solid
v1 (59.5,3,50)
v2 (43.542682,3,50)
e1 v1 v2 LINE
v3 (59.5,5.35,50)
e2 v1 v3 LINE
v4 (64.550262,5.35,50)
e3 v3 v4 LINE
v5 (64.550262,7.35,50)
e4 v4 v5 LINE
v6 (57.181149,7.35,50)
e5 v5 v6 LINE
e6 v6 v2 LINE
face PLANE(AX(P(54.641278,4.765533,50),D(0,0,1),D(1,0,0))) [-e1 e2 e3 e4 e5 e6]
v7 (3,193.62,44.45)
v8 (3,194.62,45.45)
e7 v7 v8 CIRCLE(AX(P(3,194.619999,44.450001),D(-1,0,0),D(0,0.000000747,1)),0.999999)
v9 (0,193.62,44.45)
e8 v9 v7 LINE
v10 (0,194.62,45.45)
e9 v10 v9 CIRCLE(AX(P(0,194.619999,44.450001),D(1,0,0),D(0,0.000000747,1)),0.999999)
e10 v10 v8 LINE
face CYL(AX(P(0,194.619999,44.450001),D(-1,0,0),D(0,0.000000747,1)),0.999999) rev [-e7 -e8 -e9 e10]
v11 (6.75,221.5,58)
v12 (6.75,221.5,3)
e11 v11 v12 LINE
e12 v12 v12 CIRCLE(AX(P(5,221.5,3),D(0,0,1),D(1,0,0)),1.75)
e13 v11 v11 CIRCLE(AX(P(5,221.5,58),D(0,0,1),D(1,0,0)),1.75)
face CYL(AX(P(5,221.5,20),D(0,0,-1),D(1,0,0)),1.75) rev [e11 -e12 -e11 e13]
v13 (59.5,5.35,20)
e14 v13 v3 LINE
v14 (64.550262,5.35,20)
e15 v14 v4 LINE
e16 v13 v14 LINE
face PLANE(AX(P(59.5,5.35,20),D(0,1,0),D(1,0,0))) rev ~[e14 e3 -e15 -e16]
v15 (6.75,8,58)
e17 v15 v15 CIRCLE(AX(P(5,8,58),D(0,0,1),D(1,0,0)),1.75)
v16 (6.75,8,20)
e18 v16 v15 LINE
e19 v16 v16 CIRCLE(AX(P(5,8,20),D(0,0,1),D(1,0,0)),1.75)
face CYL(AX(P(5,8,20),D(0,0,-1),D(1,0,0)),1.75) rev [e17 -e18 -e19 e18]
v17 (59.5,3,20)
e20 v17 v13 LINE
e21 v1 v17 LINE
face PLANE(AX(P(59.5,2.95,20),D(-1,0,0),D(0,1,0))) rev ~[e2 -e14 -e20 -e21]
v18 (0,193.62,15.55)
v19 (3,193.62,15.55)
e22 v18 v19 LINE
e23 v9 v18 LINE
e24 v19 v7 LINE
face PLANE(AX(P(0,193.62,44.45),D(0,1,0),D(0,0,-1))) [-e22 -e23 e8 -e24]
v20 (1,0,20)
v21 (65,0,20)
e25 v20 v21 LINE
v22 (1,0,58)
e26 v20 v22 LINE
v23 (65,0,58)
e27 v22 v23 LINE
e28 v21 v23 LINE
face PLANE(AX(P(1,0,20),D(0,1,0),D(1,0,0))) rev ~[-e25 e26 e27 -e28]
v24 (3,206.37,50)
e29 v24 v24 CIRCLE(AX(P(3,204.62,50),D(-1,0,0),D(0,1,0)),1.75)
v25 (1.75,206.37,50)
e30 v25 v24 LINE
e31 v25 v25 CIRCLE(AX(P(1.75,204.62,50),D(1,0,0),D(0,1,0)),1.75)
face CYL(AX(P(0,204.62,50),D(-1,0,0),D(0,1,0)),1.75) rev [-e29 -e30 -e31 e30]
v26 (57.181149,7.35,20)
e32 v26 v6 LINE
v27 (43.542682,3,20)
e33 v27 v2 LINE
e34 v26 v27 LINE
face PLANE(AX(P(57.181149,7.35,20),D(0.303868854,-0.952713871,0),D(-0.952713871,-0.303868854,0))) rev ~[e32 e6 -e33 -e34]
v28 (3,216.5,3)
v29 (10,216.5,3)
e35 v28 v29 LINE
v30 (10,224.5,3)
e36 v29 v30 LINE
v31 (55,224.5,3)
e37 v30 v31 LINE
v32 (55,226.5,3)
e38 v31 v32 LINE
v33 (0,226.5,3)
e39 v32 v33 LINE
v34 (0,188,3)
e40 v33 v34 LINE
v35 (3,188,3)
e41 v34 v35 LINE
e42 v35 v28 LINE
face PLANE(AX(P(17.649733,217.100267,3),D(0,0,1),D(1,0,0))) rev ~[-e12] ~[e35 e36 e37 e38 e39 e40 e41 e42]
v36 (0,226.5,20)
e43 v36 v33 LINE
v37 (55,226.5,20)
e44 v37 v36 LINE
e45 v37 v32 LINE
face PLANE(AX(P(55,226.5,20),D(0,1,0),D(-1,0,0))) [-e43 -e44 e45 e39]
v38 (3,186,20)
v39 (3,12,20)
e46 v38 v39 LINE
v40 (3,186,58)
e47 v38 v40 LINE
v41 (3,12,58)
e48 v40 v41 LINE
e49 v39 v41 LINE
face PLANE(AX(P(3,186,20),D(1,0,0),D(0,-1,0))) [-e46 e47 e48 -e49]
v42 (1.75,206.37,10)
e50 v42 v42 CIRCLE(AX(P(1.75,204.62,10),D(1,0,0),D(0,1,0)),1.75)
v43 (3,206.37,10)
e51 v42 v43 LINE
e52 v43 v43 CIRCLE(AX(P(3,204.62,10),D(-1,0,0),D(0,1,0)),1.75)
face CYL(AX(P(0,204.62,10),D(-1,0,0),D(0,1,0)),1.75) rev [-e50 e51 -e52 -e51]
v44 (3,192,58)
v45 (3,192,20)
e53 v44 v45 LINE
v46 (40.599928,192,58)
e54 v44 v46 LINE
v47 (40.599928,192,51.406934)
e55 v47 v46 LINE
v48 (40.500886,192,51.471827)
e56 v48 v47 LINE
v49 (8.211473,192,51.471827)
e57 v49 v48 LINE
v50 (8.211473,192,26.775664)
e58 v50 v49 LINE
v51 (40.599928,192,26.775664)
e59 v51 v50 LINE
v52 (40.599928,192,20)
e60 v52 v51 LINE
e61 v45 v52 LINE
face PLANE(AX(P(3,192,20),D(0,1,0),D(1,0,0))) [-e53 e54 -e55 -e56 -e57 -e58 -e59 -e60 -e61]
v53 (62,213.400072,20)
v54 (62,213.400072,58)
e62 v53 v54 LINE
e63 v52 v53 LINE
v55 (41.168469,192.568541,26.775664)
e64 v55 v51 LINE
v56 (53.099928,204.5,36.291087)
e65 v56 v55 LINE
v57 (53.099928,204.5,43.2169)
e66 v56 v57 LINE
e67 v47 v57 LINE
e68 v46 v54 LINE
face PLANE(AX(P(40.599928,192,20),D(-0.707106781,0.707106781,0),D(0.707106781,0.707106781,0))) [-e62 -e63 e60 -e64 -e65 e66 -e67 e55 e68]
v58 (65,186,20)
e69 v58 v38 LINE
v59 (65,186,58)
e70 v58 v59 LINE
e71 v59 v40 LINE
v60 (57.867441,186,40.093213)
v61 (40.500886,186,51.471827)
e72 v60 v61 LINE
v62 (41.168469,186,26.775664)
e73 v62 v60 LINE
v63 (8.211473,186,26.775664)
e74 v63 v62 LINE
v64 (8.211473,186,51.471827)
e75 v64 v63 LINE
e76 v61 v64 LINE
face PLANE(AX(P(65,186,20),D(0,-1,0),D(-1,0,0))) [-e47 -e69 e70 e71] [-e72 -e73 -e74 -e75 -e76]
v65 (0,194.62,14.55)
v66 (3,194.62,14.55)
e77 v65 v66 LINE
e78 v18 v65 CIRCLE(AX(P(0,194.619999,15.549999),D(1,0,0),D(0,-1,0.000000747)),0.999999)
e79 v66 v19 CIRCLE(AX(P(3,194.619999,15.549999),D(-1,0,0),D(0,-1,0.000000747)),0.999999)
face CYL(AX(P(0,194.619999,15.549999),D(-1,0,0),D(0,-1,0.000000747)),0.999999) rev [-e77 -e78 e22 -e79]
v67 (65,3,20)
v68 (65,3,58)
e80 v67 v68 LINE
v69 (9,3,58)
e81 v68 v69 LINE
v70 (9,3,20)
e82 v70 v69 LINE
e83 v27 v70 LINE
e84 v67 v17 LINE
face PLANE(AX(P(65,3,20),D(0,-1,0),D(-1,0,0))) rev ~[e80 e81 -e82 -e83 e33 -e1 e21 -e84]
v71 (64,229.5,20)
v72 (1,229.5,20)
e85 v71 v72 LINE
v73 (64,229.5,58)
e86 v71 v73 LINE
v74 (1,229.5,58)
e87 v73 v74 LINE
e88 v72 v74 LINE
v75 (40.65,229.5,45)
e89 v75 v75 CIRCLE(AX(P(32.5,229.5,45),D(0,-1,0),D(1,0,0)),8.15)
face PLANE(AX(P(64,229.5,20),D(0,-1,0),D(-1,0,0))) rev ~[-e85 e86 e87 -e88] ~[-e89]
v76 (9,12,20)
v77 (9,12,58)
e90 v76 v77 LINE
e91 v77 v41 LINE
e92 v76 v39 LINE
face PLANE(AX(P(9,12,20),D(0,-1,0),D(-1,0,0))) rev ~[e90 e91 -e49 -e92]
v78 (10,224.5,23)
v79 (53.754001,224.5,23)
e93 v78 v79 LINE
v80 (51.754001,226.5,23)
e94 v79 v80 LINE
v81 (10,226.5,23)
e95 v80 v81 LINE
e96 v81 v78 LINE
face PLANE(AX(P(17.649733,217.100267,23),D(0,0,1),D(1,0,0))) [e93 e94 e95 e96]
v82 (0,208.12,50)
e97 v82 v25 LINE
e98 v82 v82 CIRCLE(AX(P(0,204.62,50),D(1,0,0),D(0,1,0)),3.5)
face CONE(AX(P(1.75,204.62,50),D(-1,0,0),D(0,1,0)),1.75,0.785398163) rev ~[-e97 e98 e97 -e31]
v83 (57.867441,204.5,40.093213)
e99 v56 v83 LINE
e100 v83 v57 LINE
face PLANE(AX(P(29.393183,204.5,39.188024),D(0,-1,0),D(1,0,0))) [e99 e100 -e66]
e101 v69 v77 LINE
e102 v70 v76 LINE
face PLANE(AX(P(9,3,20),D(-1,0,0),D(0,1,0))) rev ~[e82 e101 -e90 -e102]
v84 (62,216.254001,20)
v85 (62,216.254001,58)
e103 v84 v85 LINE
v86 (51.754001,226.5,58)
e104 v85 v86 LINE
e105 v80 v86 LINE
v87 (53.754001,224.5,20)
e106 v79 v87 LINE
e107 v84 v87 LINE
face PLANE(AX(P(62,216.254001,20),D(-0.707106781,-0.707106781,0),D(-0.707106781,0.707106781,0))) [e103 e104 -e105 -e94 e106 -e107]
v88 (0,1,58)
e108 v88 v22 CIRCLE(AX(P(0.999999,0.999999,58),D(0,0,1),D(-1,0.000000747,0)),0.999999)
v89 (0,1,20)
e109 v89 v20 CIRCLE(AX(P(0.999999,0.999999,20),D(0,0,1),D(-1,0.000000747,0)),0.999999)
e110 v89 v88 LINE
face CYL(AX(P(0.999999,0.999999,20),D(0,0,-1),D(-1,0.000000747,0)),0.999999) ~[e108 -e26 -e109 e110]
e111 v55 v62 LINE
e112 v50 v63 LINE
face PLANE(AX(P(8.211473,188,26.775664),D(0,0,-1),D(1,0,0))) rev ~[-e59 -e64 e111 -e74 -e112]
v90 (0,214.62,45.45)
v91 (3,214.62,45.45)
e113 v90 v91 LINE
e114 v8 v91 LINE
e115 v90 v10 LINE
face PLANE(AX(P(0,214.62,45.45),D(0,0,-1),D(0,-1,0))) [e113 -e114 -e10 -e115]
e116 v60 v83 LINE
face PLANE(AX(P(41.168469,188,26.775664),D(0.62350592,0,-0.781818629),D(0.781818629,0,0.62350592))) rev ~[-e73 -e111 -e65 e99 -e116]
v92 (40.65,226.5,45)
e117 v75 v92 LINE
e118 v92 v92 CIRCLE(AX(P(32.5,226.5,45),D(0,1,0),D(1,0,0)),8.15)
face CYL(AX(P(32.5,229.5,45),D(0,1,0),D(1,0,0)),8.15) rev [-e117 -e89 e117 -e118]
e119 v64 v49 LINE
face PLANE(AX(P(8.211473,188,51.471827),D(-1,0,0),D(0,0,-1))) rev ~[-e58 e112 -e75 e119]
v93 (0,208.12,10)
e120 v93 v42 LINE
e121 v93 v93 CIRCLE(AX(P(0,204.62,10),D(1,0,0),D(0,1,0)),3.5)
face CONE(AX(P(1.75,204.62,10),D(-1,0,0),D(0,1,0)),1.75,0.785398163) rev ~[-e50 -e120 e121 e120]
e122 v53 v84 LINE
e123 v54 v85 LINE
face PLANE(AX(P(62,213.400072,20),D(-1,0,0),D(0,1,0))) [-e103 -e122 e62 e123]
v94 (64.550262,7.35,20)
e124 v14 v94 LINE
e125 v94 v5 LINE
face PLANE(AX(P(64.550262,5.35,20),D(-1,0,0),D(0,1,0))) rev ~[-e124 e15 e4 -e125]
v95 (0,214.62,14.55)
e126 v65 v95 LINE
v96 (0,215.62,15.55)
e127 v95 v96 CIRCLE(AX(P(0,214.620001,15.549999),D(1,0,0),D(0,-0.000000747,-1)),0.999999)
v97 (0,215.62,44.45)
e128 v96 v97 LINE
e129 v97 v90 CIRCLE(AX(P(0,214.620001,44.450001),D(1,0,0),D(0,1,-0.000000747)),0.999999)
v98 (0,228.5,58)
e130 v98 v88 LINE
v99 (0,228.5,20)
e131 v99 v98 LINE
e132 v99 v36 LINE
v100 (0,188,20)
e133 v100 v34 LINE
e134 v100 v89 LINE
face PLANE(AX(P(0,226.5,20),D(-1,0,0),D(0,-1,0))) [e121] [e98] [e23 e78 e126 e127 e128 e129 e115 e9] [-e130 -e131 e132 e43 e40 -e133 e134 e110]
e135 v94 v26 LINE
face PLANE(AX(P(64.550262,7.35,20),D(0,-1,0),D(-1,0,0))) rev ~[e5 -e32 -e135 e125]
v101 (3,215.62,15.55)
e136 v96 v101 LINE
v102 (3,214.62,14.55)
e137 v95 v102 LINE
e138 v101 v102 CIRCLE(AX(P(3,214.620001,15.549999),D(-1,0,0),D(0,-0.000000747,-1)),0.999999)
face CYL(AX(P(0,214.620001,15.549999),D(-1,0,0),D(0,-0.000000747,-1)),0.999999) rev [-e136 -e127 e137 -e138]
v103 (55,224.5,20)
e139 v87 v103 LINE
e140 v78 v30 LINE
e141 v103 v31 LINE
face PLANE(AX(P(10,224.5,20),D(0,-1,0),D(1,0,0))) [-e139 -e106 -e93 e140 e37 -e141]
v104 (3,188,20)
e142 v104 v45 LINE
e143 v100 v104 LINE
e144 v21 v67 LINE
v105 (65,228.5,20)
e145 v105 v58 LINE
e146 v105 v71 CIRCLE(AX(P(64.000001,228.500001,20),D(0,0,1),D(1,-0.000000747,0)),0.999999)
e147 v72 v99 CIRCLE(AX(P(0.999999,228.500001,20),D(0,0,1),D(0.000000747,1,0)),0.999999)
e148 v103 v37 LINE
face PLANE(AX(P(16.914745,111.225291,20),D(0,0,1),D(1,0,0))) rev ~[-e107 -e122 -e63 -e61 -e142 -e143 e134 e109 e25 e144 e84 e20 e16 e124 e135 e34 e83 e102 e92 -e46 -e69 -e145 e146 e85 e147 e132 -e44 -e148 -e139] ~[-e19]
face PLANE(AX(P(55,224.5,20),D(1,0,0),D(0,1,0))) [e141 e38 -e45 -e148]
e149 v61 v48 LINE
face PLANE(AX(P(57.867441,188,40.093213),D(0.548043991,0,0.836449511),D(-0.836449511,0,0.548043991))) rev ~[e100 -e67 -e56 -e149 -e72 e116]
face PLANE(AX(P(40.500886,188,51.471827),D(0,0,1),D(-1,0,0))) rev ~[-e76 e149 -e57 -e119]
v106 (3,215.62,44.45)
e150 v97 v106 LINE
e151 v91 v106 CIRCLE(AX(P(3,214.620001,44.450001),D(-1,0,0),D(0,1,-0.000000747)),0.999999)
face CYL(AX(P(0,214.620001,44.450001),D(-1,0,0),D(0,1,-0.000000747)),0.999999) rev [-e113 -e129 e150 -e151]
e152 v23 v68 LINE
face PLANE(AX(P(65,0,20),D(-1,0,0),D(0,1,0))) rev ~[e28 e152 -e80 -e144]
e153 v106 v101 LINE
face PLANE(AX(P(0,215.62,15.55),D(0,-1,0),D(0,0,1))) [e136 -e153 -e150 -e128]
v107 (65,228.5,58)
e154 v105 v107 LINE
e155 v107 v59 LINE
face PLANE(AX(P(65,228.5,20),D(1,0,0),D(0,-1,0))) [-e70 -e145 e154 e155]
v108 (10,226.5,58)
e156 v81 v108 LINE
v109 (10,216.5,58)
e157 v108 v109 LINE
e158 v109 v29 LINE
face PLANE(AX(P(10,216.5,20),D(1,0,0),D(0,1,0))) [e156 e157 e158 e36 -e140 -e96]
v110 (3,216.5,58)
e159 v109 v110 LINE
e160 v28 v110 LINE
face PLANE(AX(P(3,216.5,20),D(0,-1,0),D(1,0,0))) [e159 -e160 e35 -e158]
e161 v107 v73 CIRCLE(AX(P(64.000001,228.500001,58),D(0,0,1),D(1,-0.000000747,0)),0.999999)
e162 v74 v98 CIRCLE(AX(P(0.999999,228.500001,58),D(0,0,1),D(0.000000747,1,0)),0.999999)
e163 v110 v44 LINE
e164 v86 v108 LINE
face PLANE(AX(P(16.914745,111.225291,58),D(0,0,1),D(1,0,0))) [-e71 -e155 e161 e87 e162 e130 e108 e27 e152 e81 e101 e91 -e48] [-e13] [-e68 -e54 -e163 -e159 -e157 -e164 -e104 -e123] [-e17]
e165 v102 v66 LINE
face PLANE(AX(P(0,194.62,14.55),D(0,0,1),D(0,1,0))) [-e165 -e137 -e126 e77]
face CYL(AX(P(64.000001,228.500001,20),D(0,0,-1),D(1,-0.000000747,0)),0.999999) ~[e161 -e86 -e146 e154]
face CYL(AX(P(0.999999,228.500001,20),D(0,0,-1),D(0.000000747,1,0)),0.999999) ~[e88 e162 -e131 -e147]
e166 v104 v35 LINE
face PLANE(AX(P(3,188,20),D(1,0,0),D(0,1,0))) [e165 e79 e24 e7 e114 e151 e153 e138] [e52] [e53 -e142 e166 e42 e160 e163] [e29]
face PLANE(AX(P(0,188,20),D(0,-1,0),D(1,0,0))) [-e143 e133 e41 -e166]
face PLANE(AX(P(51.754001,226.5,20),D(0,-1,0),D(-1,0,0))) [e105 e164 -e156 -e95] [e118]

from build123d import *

# Parameters (mm, degrees)
SKETCH068_R     = 1.75
PAD032_DEPTH    = 38
SKETCH069_R     = 1.75
PAD033_DEPTH    = 17
PAD034_DEPTH    = 3
SKETCH070_R     = 1.75
POCKET031_DEPTH = 5
SKETCH072_R     = 8.15
POCKET033_DEPTH = 5
POCKET034_DEPTH = 16.5
CHAMFER007_SIZE = 1.75
PAD050_DEPTH    = 30


with BuildPart() as part:
    # Sketch068 (on DatumPlane) → Pad032 (new body)
    with BuildSketch(Plane.XY.offset(20)):
        with BuildLine():
            Line((1, 0), (65, 0))
            Line((65, 0), (65, 3))
            Line((65, 3), (9, 3))
            Line((9, 3), (9, 12))
            Line((9, 12), (3, 12))
            Line((3, 186), (3, 12))
            Line((65, 186), (3, 186))
            Line((65, 228.5), (65, 186))
            ThreePointArc((65, 228.5), (64.707107, 229.207107), (64, 229.5))
            Line((64, 229.5), (1, 229.5))
            ThreePointArc((1, 229.5), (0.292893, 229.207107), (0, 228.5))
            Line((0, 228.5), (0, 1))
            ThreePointArc((0, 1), (0.292893, 0.292893), (1, 0))
        make_face()
        with Locations((5, 8)):
            Circle(SKETCH068_R, mode=Mode.SUBTRACT)
        with Locations((5, 221.5)):
            Circle(SKETCH068_R, mode=Mode.SUBTRACT)
        Polygon((3, 192), (40.599928, 192), (62, 213.400072), (62, 216.254001), (51.754001, 226.5), (10, 226.5), (10, 216.5), (3, 216.5), align=None, mode=Mode.SUBTRACT)
    extrude(amount=PAD032_DEPTH)

    # Sketch069 (on DatumPlane) → Pad033 (join)
    with BuildSketch(Plane.XY.offset(20)):
        Polygon((0, 226.5), (0, 188), (3, 188), (3, 216.5), (10, 216.5), (10, 224.5), (55, 224.5), (55, 226.5), (10, 226.5), align=None)
        with Locations((5, 221.5)):
            Circle(SKETCH069_R, mode=Mode.SUBTRACT)
    extrude(amount=-PAD033_DEPTH)

    # Sketch069 (on DatumPlane) → Pad034 (join)
    with BuildSketch(Plane.XY.offset(20)):
        Polygon((0, 226.5), (0, 188), (3, 188), (3, 216.5), (10, 216.5), (10, 224.5), (55, 224.5), (55, 226.5), (10, 226.5), align=None)
        with Locations((5, 221.5)):
            Circle(SKETCH069_R, mode=Mode.SUBTRACT)
    extrude(amount=PAD034_DEPTH)

    # Sketch070 → Pocket031 (cut)
    with BuildSketch(Plane.YZ):
        with Locations((204.62, 50)):
            Circle(SKETCH070_R)
        with Locations((204.62, 10)):
            Circle(SKETCH070_R)
        with BuildLine():
            Line((194.62, 14.55), (214.62, 14.55))
            ThreePointArc((214.62, 14.55), (215.327107, 14.842893), (215.62, 15.55))
            Line((215.62, 15.55), (215.62, 44.45))
            ThreePointArc((215.62, 44.45), (215.327107, 45.157107), (214.62, 45.45))
            Line((214.62, 45.45), (194.62, 45.45))
            ThreePointArc((194.62, 45.45), (193.912893, 45.157107), (193.62, 44.45))
            Line((193.62, 44.45), (193.62, 15.55))
            ThreePointArc((193.62, 15.55), (193.912893, 14.842893), (194.62, 14.55))
        make_face()
    extrude(amount=POCKET031_DEPTH, mode=Mode.SUBTRACT)

    # Sketch072 (on DatumPlane) → Pocket033 (cut)
    with BuildSketch(Plane.XZ.offset(-229.5)):
        with Locations((32.5, 45)):
            Circle(SKETCH072_R)
    extrude(amount=POCKET033_DEPTH, mode=Mode.SUBTRACT)

    # Sketch073 (on DatumPlane) → Pocket034 (cut, symmetric)
    with BuildSketch(Plane.XZ.offset(-188)):
        Polygon((8.211473, 51.471827), (8.211473, 26.775664), (41.168469, 26.775664), (57.867441, 40.093213), (40.500886, 51.471827), align=None)
    extrude(amount=POCKET034_DEPTH, both=True, mode=Mode.SUBTRACT)

    # Chamfer007
    chamfer007_edges = [part.edges().sort_by_distance(p)[0] for p in [
        (0, 202.87, 50),
        (0, 202.87, 10),
    ]]
    chamfer(chamfer007_edges, length=CHAMFER007_SIZE)

    # Sketch092 (on DatumPlane) → Pad050 (join)
    with BuildSketch(Plane.XY.offset(20)):
        Polygon((59.5, 2.95), (59.5, 5.35), (64.550262, 5.35), (64.550262, 7.35), (57.181149, 7.35), (43.385918, 2.95), align=None)
    extrude(amount=PAD050_DEPTH)


solid = part.part
